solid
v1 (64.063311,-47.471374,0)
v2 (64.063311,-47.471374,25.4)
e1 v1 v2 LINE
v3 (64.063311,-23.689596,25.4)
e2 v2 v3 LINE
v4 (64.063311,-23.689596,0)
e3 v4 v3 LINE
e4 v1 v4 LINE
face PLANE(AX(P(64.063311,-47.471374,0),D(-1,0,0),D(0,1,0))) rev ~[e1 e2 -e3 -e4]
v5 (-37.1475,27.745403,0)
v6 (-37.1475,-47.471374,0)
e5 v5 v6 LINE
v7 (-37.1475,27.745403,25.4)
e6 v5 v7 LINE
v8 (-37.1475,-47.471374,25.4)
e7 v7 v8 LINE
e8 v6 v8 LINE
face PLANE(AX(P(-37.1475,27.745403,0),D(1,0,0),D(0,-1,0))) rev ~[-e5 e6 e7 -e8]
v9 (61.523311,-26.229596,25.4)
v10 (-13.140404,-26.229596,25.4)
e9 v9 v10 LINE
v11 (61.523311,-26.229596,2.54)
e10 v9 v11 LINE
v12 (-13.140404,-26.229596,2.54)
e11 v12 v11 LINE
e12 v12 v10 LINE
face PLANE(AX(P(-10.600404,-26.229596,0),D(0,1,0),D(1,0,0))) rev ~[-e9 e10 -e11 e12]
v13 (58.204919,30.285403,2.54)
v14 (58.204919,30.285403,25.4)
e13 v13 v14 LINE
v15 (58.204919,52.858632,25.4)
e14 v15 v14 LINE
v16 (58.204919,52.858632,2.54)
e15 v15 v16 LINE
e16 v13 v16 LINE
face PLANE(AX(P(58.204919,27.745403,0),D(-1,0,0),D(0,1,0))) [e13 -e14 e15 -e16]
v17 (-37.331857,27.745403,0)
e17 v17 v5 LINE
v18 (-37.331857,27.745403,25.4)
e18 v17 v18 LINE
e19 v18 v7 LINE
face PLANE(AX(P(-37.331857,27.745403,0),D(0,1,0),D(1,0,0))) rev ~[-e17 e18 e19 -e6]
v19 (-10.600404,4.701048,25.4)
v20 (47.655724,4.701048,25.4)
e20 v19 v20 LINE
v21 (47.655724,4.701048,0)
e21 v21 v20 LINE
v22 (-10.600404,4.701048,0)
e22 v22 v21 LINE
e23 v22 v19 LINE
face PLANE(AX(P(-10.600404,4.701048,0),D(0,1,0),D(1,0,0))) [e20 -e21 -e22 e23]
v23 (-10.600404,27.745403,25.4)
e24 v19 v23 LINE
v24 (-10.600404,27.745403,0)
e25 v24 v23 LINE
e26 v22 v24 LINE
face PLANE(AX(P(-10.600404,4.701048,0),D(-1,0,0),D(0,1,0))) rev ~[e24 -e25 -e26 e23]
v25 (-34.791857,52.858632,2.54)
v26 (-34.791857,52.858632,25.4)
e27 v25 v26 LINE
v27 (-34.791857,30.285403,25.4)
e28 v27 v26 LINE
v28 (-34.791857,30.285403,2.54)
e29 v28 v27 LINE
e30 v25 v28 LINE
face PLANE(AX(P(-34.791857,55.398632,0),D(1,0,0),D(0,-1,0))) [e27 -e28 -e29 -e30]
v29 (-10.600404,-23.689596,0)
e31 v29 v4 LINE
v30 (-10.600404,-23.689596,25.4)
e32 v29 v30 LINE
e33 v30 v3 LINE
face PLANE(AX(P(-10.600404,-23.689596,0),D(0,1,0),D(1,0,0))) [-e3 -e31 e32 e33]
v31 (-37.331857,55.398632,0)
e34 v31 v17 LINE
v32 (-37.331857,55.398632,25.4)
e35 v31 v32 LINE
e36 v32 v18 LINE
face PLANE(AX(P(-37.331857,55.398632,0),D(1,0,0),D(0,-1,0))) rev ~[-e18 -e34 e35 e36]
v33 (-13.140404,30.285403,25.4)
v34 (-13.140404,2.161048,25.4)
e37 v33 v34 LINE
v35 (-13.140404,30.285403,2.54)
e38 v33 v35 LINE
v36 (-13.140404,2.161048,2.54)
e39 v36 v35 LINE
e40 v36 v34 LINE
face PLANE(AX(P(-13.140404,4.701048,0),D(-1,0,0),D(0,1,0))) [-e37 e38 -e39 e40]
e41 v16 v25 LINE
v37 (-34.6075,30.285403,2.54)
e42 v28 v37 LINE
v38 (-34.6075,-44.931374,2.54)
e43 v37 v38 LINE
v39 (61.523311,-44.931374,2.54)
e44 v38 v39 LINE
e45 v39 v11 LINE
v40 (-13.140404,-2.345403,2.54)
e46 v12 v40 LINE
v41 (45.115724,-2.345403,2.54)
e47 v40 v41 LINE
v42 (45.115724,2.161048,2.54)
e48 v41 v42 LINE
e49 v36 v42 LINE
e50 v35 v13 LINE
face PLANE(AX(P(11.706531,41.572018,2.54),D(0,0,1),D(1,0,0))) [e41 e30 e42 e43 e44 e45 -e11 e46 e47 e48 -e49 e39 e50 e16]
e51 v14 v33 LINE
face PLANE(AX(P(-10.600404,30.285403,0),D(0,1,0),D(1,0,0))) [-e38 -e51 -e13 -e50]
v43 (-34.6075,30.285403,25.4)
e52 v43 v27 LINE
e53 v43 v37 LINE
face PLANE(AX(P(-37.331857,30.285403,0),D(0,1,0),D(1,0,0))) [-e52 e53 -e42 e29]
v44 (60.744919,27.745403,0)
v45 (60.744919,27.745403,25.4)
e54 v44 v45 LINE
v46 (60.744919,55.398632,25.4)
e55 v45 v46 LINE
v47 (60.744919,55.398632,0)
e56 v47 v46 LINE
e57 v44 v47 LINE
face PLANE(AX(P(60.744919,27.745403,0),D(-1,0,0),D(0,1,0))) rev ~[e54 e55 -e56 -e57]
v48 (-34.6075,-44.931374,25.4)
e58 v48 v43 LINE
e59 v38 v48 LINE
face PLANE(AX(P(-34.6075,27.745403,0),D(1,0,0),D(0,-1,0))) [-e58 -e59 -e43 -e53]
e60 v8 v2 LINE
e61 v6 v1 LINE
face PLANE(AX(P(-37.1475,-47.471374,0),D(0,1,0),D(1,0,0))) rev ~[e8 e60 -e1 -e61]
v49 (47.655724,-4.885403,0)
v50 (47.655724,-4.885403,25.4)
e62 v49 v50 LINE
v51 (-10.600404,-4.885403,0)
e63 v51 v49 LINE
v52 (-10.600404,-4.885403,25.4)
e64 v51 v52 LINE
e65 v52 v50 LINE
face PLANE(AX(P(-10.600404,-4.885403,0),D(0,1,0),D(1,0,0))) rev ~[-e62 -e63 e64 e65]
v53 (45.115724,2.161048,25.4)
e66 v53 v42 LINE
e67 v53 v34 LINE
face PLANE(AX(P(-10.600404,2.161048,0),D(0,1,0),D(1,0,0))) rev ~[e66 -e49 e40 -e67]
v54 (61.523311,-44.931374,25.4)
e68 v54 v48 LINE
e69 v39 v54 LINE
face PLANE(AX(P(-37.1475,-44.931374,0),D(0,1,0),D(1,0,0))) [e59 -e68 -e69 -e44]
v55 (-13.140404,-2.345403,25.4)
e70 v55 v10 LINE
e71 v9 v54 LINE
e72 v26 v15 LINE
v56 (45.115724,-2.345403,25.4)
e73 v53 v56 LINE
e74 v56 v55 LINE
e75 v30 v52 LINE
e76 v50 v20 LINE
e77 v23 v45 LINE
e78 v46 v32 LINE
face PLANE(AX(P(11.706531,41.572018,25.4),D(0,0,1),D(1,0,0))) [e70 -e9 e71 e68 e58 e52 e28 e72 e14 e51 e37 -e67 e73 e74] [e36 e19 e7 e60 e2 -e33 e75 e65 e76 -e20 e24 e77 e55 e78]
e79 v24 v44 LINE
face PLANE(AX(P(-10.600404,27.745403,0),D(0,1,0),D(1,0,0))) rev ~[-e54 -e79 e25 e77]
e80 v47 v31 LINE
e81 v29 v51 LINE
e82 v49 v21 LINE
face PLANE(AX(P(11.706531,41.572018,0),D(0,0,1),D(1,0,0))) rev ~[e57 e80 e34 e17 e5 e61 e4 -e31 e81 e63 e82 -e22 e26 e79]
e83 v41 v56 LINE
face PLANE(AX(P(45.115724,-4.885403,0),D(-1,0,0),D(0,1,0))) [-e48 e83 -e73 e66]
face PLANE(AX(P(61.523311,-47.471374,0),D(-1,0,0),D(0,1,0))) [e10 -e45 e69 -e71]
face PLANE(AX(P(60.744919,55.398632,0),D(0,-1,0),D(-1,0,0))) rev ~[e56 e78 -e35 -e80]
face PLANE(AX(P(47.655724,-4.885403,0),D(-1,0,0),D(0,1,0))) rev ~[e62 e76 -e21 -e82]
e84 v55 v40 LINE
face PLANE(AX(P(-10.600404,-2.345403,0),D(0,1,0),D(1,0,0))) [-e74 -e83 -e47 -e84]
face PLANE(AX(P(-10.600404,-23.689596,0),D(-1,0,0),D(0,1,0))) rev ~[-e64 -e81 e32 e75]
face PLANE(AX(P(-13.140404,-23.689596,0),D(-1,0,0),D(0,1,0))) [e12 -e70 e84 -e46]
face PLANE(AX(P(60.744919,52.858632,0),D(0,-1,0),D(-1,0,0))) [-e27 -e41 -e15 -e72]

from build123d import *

# Parameters (mm, degrees)
F0_W     = 74.6637145057
F0_H     = 23.7817782909
F0_W_2   = 58.2561278716
F0_H_2   = 9.5864515752
F1_DEPTH = 25.4
F2_T     = -2.54


with BuildPart() as f1:
    # F0 (on Top) → F1 (new body)
    with BuildSketch(Plane.XY):
        Polygon((60.7449188828, 55.3986318409), (-37.3318567872, 55.3986318409), (-37.3318567872, 27.7454033494), (-37.1474996209, 27.7454033494), (-10.6004038826, 27.7454033494), (60.7449188828, 27.7454033494), align=None)
        Polygon((-10.6004038826, 27.7454033494), (-37.1474996209, 27.7454033494), (-37.1474996209, -47.4713742733), (-10.6004038826, -47.4713742733), (-10.6004038826, -23.6895959824), (-10.6004038826, -4.8854034394), (-10.6004038826, 4.7010481358), align=None)
        with Locations((26.7314533703, -35.5804851279)):
            Rectangle(F0_W, F0_H)
        with Locations((18.5276600532, -0.0921776518)):
            Rectangle(F0_W_2, F0_H_2)
    extrude(amount=F1_DEPTH)

    # F2
    f2_openings = [f1.faces().sort_by_distance(p)[0] for p in [
        (5.947866, 4.234734, 25.4),
    ]]
    offset(amount=F2_T, openings=f2_openings, kind=Kind.INTERSECTION)


solid = f1.part
